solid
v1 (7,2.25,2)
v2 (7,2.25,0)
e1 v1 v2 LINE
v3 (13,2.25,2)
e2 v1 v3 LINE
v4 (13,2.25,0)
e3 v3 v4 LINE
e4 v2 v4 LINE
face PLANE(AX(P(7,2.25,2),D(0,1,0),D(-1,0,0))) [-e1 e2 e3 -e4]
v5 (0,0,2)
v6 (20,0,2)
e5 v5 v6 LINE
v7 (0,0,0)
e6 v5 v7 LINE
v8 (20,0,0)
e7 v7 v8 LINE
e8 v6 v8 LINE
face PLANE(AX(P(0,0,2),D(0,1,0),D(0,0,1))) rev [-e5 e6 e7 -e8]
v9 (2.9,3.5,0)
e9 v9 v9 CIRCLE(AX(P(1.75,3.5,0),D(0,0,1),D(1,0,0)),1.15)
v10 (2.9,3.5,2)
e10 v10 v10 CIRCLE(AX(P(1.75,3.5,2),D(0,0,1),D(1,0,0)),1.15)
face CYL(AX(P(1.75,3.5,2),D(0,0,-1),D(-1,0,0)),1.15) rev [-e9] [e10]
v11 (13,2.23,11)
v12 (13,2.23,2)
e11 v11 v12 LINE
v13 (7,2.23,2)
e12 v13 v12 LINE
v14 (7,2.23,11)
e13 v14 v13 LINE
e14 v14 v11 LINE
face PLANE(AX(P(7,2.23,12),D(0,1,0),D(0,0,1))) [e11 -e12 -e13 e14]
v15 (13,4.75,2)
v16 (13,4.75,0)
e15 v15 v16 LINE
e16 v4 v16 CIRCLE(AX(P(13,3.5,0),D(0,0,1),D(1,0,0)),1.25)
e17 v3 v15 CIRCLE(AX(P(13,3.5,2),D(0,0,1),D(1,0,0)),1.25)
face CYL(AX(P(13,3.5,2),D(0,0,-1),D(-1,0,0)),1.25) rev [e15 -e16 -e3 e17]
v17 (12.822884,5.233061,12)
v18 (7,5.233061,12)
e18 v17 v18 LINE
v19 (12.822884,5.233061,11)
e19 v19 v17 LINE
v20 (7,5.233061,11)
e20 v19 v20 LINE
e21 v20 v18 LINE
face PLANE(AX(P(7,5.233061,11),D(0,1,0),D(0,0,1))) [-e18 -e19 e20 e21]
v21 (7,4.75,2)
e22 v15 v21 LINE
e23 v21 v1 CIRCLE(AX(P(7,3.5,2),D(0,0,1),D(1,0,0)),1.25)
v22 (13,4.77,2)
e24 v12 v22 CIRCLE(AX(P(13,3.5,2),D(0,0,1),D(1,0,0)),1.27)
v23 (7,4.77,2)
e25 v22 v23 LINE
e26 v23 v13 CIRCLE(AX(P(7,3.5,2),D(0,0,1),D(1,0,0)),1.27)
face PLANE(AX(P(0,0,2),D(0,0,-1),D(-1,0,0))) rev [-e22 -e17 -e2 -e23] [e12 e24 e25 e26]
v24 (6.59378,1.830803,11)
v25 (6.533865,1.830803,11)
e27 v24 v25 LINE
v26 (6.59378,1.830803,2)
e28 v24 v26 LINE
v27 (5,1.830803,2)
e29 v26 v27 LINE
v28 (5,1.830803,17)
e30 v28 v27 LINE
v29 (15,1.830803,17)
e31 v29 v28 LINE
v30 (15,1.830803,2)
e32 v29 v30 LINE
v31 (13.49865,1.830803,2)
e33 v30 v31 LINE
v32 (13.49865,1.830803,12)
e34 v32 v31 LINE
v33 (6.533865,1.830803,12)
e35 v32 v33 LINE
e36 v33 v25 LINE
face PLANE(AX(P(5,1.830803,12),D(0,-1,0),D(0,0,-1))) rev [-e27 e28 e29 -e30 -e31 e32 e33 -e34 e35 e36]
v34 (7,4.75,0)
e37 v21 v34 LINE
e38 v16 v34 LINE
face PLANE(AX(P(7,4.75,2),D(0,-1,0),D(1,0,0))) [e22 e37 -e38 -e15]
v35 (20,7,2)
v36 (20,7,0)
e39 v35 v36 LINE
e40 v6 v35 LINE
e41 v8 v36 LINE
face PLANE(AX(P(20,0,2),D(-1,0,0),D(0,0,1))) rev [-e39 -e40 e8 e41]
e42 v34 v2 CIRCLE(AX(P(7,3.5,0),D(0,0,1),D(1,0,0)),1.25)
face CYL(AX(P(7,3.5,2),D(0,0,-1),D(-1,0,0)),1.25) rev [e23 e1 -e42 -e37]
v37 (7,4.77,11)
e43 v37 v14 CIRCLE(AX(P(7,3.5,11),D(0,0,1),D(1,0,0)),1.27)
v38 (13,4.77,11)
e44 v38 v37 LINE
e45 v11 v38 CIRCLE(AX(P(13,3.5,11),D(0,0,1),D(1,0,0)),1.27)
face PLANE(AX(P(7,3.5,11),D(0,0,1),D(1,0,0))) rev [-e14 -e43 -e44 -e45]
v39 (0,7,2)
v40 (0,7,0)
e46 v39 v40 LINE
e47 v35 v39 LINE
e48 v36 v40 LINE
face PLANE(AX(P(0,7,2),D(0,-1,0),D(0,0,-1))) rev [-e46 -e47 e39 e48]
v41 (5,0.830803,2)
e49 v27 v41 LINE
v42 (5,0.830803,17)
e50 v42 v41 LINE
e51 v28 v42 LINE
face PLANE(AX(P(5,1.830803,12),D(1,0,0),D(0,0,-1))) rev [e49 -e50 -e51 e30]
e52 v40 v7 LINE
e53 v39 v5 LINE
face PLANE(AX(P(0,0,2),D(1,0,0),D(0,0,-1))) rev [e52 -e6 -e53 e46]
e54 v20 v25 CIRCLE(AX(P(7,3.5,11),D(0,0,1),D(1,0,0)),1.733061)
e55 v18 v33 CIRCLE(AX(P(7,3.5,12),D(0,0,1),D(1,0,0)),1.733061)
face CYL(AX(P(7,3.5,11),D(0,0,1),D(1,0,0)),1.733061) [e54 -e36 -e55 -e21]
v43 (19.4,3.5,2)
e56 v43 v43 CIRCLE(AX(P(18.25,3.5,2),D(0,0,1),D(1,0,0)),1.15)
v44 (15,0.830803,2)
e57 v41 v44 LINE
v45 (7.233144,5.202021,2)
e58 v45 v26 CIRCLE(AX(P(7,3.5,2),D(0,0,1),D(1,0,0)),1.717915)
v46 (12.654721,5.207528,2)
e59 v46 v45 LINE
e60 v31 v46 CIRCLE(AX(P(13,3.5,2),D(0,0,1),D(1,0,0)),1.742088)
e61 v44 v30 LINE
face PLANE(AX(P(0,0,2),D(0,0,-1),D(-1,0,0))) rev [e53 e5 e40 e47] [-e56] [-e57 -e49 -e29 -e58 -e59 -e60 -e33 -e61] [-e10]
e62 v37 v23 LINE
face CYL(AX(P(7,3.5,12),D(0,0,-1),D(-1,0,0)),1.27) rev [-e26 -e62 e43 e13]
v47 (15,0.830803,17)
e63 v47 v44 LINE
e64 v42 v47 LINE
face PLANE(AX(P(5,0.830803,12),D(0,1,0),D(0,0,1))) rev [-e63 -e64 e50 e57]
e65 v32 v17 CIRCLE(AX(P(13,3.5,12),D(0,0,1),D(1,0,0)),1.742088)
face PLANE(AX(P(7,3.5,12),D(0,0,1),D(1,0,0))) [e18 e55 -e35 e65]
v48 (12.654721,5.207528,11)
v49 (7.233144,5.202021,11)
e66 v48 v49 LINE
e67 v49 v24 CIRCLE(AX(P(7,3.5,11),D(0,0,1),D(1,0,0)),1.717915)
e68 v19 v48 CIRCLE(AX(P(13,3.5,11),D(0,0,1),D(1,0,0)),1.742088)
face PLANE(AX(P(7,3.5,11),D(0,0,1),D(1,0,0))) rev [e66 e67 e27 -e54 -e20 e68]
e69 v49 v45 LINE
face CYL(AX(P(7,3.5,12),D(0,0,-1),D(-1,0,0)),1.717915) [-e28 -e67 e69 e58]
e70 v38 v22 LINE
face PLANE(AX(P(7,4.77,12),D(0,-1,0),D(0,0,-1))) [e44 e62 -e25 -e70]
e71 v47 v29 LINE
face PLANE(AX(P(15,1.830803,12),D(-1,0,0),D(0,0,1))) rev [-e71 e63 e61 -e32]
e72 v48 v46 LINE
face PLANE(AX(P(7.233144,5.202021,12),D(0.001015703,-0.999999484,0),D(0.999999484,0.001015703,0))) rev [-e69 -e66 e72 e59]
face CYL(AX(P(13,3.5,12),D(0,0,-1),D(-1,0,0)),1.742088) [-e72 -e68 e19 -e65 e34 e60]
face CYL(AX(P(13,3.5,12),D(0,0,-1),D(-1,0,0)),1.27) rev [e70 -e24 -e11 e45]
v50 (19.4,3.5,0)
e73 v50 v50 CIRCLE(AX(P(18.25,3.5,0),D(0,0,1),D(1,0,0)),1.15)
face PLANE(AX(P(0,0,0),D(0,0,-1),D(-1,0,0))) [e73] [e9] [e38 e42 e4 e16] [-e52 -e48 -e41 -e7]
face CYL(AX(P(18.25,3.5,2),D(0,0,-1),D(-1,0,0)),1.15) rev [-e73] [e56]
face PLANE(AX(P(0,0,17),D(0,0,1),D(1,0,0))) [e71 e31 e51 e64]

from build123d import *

# Parameters (mm, degrees)
SKETCH1_W            = 20
SKETCH1_H            = 7
SKETCH1_R            = 1.15
BOSS_EXTRUDE1_DEPTH  = 2
BOSS_EXTRUDE11_DEPTH = 10
BOSS_EXTRUDE12_DEPTH = 1
SKETCH8_W            = 10
SKETCH8_H            = 1
BOSS_EXTRUDE13_DEPTH = 5


with BuildPart() as part:
    # Sketch1 → Boss-Extrude1 (new body)
    with BuildSketch(Plane.XY):
        with Locations((10, 3.5)):
            Rectangle(SKETCH1_W, SKETCH1_H)
        with Locations((1.75, 3.5)):
            Circle(SKETCH1_R, mode=Mode.SUBTRACT)
        with Locations((18.25, 3.5)):
            Circle(SKETCH1_R, mode=Mode.SUBTRACT)
        with BuildLine():
            Line((7, 4.75), (13, 4.75))
            ThreePointArc((13, 4.75), (14.25, 3.5), (13, 2.25))
            Line((13, 2.25), (7, 2.25))
            ThreePointArc((7, 2.25), (5.75, 3.5), (7, 4.75))
        make_face(mode=Mode.SUBTRACT)
    extrude(amount=BOSS_EXTRUDE1_DEPTH)

    # Sketch6 → Boss-Extrude11 (add)
    with BuildSketch(Plane.XY.offset(2)):
        with BuildLine():
            Line((7.233144363, 5.202021214), (12.654721, 5.20752793))
            ThreePointArc((12.654721, 5.20752793), (14.690102928, 3.922399472), (13.498649888, 1.830803334))
            Line((13.498649888, 1.830803334), (15, 1.830803334))
            Line((15, 1.830803334), (15, 0.830803334))
            Line((15, 0.830803334), (5, 0.830803334))
            Line((5, 0.830803334), (5, 1.830803334))
            Line((5, 1.830803334), (6.593779621, 1.830803334))
            ThreePointArc((6.593779621, 1.830803334), (5.312171121, 3.820103391), (7.233144363, 5.202021214))
        make_face()
        with BuildLine():
            Line((7, 4.77), (13, 4.77))
            ThreePointArc((13, 4.77), (14.27, 3.5), (13, 2.23))
            Line((13, 2.23), (7, 2.23))
            ThreePointArc((7, 2.23), (5.73, 3.5), (7, 4.77))
        make_face(mode=Mode.SUBTRACT)
    extrude(amount=BOSS_EXTRUDE11_DEPTH)

    # Sketch7 → Boss-Extrude12 (add)
    with BuildSketch(Plane.XY.offset(12)):
        with BuildLine():
            Line((7, 5.233060679), (13, 5.233060679))
            ThreePointArc((13, 5.233060679), (14.733060679, 3.5), (13, 1.766939321))
            Line((13, 1.766939321), (7, 1.766939321))
            ThreePointArc((7, 1.766939321), (5.266939321, 3.5), (7, 5.233060679))
        make_face()
    extrude(amount=-BOSS_EXTRUDE12_DEPTH)

    # Sketch8 → Boss-Extrude13 (add)
    with BuildSketch(Plane.XY.offset(12)):
        with Locations((10, 1.330803334)):
            Rectangle(SKETCH8_W, SKETCH8_H)
    extrude(amount=BOSS_EXTRUDE13_DEPTH)


solid = part.part
